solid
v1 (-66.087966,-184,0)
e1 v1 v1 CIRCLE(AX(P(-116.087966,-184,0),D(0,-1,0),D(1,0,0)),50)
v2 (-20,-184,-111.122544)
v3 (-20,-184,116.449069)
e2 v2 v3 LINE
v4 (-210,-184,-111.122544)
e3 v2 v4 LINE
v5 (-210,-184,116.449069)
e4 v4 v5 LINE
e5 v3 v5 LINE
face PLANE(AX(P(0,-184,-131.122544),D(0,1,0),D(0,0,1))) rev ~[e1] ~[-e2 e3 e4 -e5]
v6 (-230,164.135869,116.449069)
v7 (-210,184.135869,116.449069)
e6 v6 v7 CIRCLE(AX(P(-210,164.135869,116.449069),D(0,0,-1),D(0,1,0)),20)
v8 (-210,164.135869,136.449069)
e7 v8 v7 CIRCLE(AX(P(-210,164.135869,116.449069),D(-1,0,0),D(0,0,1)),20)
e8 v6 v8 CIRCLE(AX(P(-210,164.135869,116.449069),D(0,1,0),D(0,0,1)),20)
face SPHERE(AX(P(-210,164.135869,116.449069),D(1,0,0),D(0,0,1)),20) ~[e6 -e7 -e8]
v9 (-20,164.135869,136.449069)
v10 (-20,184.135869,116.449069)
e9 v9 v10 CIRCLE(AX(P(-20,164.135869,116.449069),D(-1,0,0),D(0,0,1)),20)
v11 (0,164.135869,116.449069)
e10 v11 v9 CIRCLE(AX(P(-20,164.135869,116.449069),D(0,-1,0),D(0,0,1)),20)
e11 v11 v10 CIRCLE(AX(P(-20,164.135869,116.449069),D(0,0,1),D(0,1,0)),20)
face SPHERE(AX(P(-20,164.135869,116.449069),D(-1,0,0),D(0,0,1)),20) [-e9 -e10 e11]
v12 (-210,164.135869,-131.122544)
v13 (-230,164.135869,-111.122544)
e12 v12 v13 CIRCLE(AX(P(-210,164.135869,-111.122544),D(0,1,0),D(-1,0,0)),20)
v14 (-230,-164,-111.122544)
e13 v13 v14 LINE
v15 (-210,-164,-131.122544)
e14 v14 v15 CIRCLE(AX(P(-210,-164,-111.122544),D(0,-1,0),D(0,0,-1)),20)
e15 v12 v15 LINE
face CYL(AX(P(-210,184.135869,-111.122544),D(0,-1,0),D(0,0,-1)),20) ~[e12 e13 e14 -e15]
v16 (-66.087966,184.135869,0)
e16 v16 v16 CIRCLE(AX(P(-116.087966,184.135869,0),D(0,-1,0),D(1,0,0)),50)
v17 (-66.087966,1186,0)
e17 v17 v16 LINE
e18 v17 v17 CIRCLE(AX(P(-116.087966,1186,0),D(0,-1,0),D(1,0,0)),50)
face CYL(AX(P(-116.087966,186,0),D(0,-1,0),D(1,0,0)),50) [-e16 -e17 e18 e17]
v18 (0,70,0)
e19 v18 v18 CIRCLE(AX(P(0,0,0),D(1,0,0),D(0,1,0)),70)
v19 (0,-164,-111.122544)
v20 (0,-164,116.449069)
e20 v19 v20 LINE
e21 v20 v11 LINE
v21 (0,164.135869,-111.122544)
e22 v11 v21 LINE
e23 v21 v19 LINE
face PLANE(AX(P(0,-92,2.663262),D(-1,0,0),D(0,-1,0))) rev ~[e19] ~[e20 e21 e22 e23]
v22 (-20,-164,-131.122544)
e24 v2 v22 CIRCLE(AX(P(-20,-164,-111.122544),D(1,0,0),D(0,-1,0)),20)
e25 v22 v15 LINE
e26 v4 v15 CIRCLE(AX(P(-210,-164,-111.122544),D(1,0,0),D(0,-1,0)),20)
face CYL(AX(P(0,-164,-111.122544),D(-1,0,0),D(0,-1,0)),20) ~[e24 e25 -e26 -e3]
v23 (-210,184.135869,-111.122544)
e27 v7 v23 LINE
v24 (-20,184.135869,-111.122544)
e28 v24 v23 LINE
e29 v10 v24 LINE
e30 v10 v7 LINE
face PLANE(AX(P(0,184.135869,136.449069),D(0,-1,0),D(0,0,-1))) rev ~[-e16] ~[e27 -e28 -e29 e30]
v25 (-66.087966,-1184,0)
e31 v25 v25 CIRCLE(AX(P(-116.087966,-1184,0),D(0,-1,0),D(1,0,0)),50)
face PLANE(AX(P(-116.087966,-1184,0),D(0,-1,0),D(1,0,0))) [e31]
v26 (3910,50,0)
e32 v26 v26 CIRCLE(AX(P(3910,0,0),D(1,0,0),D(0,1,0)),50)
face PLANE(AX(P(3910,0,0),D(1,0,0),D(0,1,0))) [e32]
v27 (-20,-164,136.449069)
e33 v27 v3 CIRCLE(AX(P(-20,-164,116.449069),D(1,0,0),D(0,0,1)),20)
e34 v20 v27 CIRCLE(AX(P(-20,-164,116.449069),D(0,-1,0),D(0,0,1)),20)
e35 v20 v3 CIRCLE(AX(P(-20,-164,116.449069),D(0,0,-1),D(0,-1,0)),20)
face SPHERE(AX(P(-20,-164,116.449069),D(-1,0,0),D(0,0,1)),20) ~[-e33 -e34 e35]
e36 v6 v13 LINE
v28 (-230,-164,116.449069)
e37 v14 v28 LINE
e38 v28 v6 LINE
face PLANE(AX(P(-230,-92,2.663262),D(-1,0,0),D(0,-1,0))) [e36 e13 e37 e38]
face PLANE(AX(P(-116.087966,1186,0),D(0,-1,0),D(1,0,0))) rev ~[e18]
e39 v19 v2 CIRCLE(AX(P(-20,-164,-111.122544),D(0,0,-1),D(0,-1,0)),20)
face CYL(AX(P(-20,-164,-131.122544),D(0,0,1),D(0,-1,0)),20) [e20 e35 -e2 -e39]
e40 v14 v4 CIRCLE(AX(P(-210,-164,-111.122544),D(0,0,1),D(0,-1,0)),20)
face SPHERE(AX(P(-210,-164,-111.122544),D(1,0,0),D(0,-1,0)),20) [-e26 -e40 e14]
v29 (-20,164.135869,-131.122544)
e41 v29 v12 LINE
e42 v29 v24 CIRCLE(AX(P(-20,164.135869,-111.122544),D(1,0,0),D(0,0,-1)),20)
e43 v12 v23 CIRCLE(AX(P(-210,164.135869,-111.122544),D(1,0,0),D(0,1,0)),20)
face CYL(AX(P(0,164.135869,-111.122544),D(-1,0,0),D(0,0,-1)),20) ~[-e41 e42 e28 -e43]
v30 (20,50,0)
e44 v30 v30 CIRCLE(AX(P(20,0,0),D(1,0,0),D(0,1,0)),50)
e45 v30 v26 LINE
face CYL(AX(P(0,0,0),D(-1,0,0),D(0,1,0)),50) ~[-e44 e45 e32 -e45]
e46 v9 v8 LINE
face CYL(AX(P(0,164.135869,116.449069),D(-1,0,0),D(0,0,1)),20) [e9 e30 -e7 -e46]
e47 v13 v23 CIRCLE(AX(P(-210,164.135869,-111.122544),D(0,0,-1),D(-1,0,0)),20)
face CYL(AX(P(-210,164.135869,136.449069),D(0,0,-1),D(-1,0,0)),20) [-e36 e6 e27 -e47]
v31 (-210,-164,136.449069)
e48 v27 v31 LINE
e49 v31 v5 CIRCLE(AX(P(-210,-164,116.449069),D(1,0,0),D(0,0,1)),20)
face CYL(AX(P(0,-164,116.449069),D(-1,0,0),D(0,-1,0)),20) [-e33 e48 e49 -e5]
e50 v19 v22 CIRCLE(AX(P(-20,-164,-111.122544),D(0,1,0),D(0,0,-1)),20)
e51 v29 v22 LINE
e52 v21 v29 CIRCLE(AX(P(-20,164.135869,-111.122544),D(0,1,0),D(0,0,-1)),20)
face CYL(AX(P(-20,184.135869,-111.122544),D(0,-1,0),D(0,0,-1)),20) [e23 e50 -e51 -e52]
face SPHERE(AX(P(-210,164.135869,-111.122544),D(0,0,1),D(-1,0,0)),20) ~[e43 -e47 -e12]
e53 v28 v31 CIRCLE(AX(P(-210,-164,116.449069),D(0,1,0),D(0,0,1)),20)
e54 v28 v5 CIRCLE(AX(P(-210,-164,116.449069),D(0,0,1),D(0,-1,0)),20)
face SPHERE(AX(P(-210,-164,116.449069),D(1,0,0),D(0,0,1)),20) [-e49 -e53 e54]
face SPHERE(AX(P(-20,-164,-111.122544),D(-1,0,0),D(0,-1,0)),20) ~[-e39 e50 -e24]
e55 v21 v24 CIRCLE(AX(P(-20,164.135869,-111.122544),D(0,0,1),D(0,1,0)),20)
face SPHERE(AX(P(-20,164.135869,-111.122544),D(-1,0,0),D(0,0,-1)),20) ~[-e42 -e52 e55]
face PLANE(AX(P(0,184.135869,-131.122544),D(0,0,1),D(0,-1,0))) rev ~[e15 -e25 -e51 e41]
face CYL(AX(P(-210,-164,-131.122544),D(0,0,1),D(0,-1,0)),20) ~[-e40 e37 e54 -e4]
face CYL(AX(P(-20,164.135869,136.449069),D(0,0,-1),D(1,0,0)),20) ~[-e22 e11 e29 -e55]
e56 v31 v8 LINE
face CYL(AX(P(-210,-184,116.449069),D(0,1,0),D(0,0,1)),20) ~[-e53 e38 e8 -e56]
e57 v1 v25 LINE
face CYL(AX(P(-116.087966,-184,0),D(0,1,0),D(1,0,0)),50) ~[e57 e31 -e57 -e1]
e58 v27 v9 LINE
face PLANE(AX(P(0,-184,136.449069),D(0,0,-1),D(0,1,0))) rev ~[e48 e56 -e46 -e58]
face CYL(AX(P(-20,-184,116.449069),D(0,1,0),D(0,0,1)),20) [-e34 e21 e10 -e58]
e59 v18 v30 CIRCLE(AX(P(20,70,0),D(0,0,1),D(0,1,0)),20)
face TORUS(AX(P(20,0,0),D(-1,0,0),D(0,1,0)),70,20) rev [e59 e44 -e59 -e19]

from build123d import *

# Parameters (mm, degrees)
F0_R     = 50
F1_DEPTH = 3910
F3_DEPTH = 230
F4_R     = 20
F5_R     = 50
F6_DEPTH = 1000
F7_DEPTH = 1370
F8_DEPTH = 1000


with BuildPart() as f1:
    # F0 (on Right) → F1 (new body)
    with BuildSketch(Plane.YZ):
        Circle(F0_R)
    extrude(amount=F1_DEPTH)

    # F2 (on face) → F3 (join)
    with BuildSketch(Plane(origin=(0, 0, 0), x_dir=(0, -1, 0), z_dir=(-1, 0, 0))):
        Polygon((0, 8.0146994442), (0, 0), (0, -131.1225444078), (184, -131.1225444078), (184, 136.4490687847), (0, 136.4490687847), align=None)
        Polygon((0, -131.1225444078), (0, 0), (0, 8.0146994442), (0, 136.4490687847), (-184.1358691454, 136.4490687847), (-184.1358691454, -131.1225444078), align=None)
    extrude(amount=F3_DEPTH)

    # F4
    f4_edges = [f1.edges().sort_by_distance(p)[0] for p in [
        (-115, -184, 136.449069),
        (-115, 184.135869, 136.449069),
        (0, 0.067935, 136.449069),
        (-230, 0.067935, 136.449069),
        (-115, -184, -131.122544),
        (0, -184, 2.663262),
        (-230, -184, 2.663262),
        (-230, 184.135869, 2.663262),
        (-230, 0.067935, -131.122544),
        (-115, 184.135869, -131.122544),
        (0, 0.067935, -131.122544),
        (0, 184.135869, 2.663262),
        (0, -50, 0),
    ]]
    fillet(f4_edges, radius=F4_R)

    # F5 (on face) → F6 (join)
    with BuildSketch(Plane.XZ.offset(184)):
        with Locations((-116.0879656672, 0)):
            Circle(F5_R)
    extrude(amount=F6_DEPTH)

    # F7 (add): a face of the model
    f7_faces = [f1.faces().sort_by_distance(p)[0] for p in [
        (-116.0879656672, -1184, 0),
    ]]
    extrude(f7_faces, amount=-F7_DEPTH)

    # F8 (add): a face of the model
    f8_faces = [f1.faces().sort_by_distance(p)[0] for p in [
        (-116.0879656672, 186, 0),
    ]]
    extrude(f8_faces, amount=F8_DEPTH)


solid = f1.part
